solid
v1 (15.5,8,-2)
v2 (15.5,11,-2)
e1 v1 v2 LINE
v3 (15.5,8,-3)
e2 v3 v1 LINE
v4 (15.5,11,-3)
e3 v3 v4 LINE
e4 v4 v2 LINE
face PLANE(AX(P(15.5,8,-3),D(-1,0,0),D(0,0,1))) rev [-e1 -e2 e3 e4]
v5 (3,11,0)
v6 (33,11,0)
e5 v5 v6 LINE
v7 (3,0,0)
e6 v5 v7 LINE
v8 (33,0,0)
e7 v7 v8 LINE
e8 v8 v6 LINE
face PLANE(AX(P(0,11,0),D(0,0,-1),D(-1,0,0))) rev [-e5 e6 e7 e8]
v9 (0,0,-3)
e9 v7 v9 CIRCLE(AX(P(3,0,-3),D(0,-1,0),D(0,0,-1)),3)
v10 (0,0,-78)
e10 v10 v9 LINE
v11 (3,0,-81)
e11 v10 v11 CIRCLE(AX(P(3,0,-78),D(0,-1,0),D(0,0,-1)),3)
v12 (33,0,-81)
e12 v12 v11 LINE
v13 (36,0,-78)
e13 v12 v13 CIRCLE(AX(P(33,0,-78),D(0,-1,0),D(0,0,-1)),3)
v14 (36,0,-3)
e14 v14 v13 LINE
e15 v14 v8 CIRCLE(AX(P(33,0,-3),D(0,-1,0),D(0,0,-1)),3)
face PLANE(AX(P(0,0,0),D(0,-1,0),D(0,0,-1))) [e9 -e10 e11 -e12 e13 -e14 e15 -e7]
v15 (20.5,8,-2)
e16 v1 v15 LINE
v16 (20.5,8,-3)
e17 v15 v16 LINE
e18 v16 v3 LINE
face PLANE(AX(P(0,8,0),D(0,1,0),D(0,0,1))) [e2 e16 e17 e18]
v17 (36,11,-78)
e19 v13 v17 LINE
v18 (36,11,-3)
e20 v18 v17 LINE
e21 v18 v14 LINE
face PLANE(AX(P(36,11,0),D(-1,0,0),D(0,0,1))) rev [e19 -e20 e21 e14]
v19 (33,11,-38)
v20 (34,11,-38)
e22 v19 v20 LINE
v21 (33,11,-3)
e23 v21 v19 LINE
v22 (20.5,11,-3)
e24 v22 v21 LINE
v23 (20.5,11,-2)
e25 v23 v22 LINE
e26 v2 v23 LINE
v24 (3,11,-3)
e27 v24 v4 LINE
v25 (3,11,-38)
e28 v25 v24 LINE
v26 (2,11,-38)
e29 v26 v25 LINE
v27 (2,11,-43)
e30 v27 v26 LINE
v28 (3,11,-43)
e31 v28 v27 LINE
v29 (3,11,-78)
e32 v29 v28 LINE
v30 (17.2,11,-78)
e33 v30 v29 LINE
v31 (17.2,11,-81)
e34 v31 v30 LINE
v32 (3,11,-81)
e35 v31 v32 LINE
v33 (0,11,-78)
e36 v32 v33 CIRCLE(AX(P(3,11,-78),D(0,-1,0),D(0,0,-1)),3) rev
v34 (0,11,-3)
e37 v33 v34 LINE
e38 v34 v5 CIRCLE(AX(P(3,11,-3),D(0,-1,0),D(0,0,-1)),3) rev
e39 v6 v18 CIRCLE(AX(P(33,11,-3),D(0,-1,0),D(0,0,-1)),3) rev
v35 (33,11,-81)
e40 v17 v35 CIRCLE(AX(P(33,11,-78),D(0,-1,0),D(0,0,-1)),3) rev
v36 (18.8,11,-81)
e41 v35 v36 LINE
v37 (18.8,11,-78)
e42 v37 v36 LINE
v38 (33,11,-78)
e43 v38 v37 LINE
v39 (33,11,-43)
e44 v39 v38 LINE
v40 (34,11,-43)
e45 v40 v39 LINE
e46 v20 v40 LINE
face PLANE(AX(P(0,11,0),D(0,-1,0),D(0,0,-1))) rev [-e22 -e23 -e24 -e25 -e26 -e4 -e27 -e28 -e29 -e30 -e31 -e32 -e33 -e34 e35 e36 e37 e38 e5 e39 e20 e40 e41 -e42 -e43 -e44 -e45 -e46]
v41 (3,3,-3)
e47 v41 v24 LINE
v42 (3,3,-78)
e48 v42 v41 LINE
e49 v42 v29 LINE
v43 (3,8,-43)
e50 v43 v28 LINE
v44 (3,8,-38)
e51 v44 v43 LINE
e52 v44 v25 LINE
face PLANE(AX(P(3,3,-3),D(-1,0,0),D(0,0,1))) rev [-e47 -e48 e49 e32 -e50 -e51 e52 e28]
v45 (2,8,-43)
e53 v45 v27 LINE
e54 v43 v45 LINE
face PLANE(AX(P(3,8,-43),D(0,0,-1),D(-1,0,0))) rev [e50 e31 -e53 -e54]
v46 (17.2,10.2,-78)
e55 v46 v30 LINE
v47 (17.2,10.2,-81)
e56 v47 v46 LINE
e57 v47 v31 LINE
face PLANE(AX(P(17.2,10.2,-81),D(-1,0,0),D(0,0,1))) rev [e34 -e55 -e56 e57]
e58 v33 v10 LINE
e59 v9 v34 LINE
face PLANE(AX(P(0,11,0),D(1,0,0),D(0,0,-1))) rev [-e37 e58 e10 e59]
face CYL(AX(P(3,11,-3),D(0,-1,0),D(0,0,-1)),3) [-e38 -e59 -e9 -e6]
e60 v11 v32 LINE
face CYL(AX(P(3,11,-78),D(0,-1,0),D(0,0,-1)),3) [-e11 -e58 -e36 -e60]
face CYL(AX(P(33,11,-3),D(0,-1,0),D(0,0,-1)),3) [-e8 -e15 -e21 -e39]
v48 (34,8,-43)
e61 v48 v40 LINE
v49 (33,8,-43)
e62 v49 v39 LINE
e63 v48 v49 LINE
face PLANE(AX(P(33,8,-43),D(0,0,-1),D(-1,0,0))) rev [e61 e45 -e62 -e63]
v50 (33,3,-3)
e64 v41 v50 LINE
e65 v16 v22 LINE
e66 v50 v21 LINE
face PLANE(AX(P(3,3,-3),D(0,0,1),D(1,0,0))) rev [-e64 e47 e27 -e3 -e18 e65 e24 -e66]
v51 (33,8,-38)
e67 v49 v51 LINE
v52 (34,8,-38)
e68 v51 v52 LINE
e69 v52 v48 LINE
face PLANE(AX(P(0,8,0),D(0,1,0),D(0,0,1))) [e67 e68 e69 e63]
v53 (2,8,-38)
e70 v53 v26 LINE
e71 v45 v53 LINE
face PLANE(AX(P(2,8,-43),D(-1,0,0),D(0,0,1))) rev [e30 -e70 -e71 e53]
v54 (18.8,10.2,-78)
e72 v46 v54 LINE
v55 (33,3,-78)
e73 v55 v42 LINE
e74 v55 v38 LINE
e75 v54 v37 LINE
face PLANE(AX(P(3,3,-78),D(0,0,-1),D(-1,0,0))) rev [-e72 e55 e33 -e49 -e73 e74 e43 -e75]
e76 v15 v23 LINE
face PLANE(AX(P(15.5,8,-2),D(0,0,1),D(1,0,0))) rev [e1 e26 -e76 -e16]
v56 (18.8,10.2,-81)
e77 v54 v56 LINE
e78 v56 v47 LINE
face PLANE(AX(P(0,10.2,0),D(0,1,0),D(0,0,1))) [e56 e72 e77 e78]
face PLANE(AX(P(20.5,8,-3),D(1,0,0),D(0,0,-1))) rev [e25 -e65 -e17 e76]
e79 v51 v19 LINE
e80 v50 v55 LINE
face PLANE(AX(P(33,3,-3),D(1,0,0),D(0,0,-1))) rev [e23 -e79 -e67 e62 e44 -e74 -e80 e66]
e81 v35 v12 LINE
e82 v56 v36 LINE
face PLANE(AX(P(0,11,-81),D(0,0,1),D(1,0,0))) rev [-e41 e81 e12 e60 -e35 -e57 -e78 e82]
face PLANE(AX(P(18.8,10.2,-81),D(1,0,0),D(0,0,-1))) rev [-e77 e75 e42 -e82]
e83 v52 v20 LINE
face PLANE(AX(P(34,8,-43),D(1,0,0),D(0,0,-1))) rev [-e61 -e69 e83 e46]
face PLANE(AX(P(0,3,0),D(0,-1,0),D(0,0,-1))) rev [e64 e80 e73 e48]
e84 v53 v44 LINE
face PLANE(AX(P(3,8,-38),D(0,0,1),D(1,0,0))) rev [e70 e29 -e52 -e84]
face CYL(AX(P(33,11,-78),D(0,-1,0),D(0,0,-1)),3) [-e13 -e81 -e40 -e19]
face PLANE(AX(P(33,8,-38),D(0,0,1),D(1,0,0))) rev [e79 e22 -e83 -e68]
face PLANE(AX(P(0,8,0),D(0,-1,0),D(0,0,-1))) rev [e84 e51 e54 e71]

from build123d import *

# Parameters (mm, degrees)
SKETCH1_W           = 36
SKETCH1_H           = 81
BOSS_EXTRUDE1_DEPTH = 11
SKETCH2_W           = 30
SKETCH2_H           = 75
CUT_EXTRUDE1_DEPTH  = 8
FILLET1_R           = 3
SKETCH3_W           = 1.6
SKETCH3_H           = 3
CUT_EXTRUDE2_DEPTH  = 0.8
SKETCH4_W           = 1
SKETCH4_H           = 5
SKETCH4_W_2         = 5
SKETCH4_H_2         = 1
CUT_EXTRUDE3_DEPTH  = 3


with BuildPart() as part:
    # Sketch1 → Boss-Extrude1 (new body)
    with BuildSketch(Plane(origin=(0, 0, 0), x_dir=(1, 0, 0), z_dir=(0, 1, 0))):
        with Locations((18, 40.5)):
            Rectangle(SKETCH1_W, SKETCH1_H)
    extrude(amount=BOSS_EXTRUDE1_DEPTH)

    # Sketch2 → Cut-Extrude1 (cut)
    with BuildSketch(Plane(origin=(0, 11, 0), x_dir=(1, 0, 0), z_dir=(0, 1, 0))):
        with Locations((18, 40.5)):
            Rectangle(SKETCH2_W, SKETCH2_H)
    extrude(amount=-CUT_EXTRUDE1_DEPTH, mode=Mode.SUBTRACT)

    # Fillet1
    fillet1_edges = [part.edges().sort_by_distance(p)[0] for p in [
        (0, 5.5, -81),
        (36, 5.5, -81),
        (36, 5.5, 0),
        (0, 5.5, 0),
    ]]
    fillet(fillet1_edges, radius=FILLET1_R)

    # Sketch3 → Cut-Extrude2 (cut)
    with BuildSketch(Plane(origin=(0, 11, 0), x_dir=(1, 0, 0), z_dir=(0, 1, 0))):
        with Locations((18, 79.5)):
            Rectangle(SKETCH3_W, SKETCH3_H)
    extrude(amount=-CUT_EXTRUDE2_DEPTH, mode=Mode.SUBTRACT)

    # Sketch4 → Cut-Extrude3 (cut)
    with BuildSketch(Plane(origin=(0, 11, 0), x_dir=(1, 0, 0), z_dir=(0, 1, 0))):
        with Locations((2.5, 40.5)):
            Rectangle(SKETCH4_W, SKETCH4_H)
        with Locations((33.5, 40.5)):
            Rectangle(SKETCH4_W, SKETCH4_H)
        with Locations((18, 2.5)):
            Rectangle(SKETCH4_W_2, SKETCH4_H_2)
    extrude(amount=-CUT_EXTRUDE3_DEPTH, mode=Mode.SUBTRACT)


solid = part.part
